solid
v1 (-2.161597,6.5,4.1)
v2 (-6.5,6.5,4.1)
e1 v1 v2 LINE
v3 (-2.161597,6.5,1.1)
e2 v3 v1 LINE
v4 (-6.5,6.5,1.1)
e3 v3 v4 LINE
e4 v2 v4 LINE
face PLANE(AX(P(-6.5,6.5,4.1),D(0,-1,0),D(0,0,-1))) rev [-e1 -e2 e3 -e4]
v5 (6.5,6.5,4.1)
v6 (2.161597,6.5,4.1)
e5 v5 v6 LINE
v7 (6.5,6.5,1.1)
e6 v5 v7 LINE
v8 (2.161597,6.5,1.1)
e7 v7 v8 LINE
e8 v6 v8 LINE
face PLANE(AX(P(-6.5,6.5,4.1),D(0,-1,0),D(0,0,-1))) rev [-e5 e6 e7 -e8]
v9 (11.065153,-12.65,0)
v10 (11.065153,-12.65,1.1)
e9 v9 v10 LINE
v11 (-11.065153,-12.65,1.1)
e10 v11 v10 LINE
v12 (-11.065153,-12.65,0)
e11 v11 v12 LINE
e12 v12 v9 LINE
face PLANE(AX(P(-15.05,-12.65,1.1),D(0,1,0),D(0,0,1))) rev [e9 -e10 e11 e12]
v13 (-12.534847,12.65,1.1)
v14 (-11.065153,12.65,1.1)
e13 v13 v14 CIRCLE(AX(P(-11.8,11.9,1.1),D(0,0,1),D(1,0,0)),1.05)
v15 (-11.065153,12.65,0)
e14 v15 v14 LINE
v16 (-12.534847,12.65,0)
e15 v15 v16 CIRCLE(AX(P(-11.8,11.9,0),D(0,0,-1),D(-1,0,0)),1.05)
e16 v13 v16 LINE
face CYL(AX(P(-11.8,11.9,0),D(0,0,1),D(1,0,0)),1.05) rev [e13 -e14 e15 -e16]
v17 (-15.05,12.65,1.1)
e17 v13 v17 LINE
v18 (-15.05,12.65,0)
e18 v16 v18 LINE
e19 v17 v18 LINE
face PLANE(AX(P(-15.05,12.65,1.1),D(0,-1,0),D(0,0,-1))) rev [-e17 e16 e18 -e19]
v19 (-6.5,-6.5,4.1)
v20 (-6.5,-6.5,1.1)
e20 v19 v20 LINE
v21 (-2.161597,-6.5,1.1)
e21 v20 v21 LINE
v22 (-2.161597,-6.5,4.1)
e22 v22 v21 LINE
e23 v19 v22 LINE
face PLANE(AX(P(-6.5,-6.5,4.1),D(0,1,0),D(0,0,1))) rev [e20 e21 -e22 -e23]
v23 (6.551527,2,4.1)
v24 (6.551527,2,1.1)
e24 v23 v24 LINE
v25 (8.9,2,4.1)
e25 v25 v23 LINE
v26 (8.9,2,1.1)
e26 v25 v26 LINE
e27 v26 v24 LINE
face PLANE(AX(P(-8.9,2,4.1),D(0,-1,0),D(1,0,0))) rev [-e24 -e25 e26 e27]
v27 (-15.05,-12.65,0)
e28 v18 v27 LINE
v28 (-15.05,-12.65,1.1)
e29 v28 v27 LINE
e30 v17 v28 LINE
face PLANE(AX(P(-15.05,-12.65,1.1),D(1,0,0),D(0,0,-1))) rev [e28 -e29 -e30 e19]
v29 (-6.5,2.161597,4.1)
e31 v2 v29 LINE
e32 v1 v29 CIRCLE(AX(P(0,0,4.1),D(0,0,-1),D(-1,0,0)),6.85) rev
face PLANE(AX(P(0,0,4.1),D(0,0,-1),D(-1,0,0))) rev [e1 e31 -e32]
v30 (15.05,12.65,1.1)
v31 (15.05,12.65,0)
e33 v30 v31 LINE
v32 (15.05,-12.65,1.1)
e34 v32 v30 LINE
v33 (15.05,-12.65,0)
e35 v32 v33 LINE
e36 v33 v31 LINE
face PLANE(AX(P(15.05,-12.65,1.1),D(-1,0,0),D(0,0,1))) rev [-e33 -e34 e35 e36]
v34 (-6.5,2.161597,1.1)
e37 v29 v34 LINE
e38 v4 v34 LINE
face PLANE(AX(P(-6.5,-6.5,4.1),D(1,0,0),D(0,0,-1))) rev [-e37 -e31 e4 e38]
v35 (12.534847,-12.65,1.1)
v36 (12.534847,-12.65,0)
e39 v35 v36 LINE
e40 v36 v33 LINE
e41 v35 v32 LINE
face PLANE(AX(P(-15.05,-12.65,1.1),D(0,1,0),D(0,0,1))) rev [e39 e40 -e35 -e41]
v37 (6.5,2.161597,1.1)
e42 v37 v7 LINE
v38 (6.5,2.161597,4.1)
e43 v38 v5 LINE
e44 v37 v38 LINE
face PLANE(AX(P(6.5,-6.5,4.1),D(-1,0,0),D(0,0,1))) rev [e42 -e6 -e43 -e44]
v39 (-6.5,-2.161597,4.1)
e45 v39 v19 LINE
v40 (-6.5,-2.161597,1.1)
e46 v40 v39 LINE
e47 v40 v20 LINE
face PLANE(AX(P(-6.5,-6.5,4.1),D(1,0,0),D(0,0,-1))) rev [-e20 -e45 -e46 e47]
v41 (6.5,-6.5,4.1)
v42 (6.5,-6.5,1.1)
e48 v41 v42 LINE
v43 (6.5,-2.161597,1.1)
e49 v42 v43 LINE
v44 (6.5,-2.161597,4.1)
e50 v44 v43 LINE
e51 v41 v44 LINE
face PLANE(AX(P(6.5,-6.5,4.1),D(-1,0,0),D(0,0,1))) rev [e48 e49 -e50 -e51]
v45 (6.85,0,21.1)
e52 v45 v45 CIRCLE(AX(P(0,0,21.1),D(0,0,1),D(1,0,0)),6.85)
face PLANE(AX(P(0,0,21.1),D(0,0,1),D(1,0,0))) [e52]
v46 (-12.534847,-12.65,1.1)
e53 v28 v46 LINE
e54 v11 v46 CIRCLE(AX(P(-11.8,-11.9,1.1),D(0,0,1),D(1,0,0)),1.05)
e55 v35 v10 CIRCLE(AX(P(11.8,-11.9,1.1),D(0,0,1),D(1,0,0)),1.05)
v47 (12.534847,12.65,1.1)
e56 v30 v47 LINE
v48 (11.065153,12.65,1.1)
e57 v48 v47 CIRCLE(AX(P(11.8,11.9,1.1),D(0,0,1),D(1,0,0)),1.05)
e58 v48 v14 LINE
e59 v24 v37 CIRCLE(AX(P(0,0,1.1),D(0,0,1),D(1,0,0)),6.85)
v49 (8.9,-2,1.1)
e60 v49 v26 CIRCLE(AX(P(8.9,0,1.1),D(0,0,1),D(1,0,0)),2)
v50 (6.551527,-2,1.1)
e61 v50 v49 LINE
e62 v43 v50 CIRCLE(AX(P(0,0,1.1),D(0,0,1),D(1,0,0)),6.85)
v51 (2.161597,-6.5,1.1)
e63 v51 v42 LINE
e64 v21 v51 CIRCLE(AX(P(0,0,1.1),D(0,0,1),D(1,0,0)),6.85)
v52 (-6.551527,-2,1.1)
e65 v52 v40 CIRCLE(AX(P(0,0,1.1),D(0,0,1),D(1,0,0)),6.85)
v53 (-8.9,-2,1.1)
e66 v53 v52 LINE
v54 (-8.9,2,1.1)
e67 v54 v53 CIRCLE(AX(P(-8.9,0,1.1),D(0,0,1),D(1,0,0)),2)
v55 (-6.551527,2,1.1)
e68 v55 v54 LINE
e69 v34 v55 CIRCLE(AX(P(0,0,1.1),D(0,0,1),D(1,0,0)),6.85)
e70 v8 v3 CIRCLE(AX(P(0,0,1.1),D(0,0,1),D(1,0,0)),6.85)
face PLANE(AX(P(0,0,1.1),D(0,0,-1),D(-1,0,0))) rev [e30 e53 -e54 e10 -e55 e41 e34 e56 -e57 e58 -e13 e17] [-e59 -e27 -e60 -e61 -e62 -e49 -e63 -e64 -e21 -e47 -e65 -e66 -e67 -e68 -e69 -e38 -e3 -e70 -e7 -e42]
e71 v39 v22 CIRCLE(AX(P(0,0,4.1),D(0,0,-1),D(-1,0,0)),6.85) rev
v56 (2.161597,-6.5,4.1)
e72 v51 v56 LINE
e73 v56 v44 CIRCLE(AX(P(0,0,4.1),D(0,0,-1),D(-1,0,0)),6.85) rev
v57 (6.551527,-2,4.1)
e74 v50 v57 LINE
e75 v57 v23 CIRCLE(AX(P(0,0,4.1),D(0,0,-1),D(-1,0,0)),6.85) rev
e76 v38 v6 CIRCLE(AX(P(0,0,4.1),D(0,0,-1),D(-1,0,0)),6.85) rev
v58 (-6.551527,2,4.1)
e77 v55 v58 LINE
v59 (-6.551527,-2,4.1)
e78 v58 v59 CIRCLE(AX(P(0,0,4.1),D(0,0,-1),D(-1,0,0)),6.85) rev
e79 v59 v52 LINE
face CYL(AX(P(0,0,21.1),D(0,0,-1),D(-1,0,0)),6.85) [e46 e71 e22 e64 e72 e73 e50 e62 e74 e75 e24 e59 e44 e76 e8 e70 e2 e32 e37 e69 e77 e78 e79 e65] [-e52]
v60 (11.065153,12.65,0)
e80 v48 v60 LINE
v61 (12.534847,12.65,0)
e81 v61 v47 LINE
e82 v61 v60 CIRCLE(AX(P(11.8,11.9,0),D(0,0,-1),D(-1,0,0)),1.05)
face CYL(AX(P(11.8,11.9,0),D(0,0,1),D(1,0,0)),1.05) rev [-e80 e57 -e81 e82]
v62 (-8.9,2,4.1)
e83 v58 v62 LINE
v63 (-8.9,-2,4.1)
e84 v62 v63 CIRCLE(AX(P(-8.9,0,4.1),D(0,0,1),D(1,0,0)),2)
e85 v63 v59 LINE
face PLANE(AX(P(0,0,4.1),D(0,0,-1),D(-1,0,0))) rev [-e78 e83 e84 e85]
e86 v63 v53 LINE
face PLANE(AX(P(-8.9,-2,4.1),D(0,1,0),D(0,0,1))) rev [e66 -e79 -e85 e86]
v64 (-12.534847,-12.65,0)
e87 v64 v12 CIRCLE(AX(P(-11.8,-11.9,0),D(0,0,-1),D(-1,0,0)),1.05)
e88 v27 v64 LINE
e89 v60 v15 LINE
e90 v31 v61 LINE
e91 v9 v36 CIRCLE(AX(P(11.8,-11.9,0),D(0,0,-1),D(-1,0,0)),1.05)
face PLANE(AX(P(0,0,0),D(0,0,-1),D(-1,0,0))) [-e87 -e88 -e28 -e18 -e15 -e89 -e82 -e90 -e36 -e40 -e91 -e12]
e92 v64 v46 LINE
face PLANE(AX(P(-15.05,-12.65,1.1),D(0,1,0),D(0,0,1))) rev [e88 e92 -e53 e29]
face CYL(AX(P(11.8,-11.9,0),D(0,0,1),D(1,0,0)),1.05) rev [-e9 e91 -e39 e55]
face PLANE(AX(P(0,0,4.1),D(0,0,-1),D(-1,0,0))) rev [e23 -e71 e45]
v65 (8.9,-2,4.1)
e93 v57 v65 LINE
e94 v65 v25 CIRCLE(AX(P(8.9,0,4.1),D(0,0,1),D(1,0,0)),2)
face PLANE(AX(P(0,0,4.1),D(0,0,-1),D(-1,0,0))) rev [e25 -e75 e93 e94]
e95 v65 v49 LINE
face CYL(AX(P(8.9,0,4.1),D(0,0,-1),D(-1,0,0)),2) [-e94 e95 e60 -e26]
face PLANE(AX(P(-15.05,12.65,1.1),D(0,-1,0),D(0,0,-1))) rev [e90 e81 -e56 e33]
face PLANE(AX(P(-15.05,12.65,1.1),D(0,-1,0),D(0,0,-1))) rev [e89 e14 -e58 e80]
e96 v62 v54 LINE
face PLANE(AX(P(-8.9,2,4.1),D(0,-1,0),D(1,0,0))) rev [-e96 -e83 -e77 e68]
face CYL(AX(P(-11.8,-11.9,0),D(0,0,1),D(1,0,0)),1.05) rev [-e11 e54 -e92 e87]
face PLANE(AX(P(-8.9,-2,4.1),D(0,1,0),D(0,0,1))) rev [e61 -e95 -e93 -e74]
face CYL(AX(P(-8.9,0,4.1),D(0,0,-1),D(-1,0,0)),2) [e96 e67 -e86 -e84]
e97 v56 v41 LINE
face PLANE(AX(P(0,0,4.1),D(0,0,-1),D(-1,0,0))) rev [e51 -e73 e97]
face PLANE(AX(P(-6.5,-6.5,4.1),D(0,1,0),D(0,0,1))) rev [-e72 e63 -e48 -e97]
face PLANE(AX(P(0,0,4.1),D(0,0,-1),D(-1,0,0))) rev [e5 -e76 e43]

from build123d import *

# Parameters (mm, degrees)
SKETCH1_W           = 30.1
SKETCH1_H           = 25.3
BOSS_EXTRUDE1_DEPTH = 1.1
SKETCH2_R           = 1.05
CUT_EXTRUDE1_DEPTH  = 2.1
SKETCH3_W           = 13
SKETCH3_H           = 13
BOSS_EXTRUDE2_DEPTH = 3
BOSS_EXTRUDE3_DEPTH = 3
SKETCH5_R           = 6.85
BOSS_EXTRUDE4_DEPTH = 20


with BuildPart() as part:
    # Sketch1 → Boss-Extrude1 (new body)
    with BuildSketch(Plane.XY):
        Rectangle(SKETCH1_W, SKETCH1_H)
    extrude(amount=BOSS_EXTRUDE1_DEPTH)

    # Sketch2 → Cut-Extrude1 (cut, through all)
    with BuildSketch(Plane.XY.offset(1.1)):
        with Locations((-11.8, 11.9)):
            Circle(SKETCH2_R)
        with Locations((11.8, 11.9)):
            Circle(SKETCH2_R)
        with Locations((11.8, -11.9)):
            Circle(SKETCH2_R)
        with Locations((-11.8, -11.9)):
            Circle(SKETCH2_R)
    extrude(amount=-CUT_EXTRUDE1_DEPTH, mode=Mode.SUBTRACT)

    # Sketch3 → Boss-Extrude2 (add)
    with BuildSketch(Plane.XY.offset(1.1)):
        Rectangle(SKETCH3_W, SKETCH3_H)
    extrude(amount=BOSS_EXTRUDE2_DEPTH)

    # Sketch4 → Boss-Extrude3 (add)
    with BuildSketch(Plane.XY.offset(1.1)):
        with BuildLine():
            Line((-8.9, 2), (8.9, 2))
            ThreePointArc((8.9, 2), (10.9, 0), (8.9, -2))
            Line((8.9, -2), (-8.9, -2))
            ThreePointArc((-8.9, -2), (-10.9, 0), (-8.9, 2))
        make_face()
    extrude(amount=BOSS_EXTRUDE3_DEPTH)

    # Sketch5 → Boss-Extrude4 (add)
    with BuildSketch(Plane.XY.offset(1.1)):
        Circle(SKETCH5_R)
    extrude(amount=BOSS_EXTRUDE4_DEPTH)


solid = part.part
